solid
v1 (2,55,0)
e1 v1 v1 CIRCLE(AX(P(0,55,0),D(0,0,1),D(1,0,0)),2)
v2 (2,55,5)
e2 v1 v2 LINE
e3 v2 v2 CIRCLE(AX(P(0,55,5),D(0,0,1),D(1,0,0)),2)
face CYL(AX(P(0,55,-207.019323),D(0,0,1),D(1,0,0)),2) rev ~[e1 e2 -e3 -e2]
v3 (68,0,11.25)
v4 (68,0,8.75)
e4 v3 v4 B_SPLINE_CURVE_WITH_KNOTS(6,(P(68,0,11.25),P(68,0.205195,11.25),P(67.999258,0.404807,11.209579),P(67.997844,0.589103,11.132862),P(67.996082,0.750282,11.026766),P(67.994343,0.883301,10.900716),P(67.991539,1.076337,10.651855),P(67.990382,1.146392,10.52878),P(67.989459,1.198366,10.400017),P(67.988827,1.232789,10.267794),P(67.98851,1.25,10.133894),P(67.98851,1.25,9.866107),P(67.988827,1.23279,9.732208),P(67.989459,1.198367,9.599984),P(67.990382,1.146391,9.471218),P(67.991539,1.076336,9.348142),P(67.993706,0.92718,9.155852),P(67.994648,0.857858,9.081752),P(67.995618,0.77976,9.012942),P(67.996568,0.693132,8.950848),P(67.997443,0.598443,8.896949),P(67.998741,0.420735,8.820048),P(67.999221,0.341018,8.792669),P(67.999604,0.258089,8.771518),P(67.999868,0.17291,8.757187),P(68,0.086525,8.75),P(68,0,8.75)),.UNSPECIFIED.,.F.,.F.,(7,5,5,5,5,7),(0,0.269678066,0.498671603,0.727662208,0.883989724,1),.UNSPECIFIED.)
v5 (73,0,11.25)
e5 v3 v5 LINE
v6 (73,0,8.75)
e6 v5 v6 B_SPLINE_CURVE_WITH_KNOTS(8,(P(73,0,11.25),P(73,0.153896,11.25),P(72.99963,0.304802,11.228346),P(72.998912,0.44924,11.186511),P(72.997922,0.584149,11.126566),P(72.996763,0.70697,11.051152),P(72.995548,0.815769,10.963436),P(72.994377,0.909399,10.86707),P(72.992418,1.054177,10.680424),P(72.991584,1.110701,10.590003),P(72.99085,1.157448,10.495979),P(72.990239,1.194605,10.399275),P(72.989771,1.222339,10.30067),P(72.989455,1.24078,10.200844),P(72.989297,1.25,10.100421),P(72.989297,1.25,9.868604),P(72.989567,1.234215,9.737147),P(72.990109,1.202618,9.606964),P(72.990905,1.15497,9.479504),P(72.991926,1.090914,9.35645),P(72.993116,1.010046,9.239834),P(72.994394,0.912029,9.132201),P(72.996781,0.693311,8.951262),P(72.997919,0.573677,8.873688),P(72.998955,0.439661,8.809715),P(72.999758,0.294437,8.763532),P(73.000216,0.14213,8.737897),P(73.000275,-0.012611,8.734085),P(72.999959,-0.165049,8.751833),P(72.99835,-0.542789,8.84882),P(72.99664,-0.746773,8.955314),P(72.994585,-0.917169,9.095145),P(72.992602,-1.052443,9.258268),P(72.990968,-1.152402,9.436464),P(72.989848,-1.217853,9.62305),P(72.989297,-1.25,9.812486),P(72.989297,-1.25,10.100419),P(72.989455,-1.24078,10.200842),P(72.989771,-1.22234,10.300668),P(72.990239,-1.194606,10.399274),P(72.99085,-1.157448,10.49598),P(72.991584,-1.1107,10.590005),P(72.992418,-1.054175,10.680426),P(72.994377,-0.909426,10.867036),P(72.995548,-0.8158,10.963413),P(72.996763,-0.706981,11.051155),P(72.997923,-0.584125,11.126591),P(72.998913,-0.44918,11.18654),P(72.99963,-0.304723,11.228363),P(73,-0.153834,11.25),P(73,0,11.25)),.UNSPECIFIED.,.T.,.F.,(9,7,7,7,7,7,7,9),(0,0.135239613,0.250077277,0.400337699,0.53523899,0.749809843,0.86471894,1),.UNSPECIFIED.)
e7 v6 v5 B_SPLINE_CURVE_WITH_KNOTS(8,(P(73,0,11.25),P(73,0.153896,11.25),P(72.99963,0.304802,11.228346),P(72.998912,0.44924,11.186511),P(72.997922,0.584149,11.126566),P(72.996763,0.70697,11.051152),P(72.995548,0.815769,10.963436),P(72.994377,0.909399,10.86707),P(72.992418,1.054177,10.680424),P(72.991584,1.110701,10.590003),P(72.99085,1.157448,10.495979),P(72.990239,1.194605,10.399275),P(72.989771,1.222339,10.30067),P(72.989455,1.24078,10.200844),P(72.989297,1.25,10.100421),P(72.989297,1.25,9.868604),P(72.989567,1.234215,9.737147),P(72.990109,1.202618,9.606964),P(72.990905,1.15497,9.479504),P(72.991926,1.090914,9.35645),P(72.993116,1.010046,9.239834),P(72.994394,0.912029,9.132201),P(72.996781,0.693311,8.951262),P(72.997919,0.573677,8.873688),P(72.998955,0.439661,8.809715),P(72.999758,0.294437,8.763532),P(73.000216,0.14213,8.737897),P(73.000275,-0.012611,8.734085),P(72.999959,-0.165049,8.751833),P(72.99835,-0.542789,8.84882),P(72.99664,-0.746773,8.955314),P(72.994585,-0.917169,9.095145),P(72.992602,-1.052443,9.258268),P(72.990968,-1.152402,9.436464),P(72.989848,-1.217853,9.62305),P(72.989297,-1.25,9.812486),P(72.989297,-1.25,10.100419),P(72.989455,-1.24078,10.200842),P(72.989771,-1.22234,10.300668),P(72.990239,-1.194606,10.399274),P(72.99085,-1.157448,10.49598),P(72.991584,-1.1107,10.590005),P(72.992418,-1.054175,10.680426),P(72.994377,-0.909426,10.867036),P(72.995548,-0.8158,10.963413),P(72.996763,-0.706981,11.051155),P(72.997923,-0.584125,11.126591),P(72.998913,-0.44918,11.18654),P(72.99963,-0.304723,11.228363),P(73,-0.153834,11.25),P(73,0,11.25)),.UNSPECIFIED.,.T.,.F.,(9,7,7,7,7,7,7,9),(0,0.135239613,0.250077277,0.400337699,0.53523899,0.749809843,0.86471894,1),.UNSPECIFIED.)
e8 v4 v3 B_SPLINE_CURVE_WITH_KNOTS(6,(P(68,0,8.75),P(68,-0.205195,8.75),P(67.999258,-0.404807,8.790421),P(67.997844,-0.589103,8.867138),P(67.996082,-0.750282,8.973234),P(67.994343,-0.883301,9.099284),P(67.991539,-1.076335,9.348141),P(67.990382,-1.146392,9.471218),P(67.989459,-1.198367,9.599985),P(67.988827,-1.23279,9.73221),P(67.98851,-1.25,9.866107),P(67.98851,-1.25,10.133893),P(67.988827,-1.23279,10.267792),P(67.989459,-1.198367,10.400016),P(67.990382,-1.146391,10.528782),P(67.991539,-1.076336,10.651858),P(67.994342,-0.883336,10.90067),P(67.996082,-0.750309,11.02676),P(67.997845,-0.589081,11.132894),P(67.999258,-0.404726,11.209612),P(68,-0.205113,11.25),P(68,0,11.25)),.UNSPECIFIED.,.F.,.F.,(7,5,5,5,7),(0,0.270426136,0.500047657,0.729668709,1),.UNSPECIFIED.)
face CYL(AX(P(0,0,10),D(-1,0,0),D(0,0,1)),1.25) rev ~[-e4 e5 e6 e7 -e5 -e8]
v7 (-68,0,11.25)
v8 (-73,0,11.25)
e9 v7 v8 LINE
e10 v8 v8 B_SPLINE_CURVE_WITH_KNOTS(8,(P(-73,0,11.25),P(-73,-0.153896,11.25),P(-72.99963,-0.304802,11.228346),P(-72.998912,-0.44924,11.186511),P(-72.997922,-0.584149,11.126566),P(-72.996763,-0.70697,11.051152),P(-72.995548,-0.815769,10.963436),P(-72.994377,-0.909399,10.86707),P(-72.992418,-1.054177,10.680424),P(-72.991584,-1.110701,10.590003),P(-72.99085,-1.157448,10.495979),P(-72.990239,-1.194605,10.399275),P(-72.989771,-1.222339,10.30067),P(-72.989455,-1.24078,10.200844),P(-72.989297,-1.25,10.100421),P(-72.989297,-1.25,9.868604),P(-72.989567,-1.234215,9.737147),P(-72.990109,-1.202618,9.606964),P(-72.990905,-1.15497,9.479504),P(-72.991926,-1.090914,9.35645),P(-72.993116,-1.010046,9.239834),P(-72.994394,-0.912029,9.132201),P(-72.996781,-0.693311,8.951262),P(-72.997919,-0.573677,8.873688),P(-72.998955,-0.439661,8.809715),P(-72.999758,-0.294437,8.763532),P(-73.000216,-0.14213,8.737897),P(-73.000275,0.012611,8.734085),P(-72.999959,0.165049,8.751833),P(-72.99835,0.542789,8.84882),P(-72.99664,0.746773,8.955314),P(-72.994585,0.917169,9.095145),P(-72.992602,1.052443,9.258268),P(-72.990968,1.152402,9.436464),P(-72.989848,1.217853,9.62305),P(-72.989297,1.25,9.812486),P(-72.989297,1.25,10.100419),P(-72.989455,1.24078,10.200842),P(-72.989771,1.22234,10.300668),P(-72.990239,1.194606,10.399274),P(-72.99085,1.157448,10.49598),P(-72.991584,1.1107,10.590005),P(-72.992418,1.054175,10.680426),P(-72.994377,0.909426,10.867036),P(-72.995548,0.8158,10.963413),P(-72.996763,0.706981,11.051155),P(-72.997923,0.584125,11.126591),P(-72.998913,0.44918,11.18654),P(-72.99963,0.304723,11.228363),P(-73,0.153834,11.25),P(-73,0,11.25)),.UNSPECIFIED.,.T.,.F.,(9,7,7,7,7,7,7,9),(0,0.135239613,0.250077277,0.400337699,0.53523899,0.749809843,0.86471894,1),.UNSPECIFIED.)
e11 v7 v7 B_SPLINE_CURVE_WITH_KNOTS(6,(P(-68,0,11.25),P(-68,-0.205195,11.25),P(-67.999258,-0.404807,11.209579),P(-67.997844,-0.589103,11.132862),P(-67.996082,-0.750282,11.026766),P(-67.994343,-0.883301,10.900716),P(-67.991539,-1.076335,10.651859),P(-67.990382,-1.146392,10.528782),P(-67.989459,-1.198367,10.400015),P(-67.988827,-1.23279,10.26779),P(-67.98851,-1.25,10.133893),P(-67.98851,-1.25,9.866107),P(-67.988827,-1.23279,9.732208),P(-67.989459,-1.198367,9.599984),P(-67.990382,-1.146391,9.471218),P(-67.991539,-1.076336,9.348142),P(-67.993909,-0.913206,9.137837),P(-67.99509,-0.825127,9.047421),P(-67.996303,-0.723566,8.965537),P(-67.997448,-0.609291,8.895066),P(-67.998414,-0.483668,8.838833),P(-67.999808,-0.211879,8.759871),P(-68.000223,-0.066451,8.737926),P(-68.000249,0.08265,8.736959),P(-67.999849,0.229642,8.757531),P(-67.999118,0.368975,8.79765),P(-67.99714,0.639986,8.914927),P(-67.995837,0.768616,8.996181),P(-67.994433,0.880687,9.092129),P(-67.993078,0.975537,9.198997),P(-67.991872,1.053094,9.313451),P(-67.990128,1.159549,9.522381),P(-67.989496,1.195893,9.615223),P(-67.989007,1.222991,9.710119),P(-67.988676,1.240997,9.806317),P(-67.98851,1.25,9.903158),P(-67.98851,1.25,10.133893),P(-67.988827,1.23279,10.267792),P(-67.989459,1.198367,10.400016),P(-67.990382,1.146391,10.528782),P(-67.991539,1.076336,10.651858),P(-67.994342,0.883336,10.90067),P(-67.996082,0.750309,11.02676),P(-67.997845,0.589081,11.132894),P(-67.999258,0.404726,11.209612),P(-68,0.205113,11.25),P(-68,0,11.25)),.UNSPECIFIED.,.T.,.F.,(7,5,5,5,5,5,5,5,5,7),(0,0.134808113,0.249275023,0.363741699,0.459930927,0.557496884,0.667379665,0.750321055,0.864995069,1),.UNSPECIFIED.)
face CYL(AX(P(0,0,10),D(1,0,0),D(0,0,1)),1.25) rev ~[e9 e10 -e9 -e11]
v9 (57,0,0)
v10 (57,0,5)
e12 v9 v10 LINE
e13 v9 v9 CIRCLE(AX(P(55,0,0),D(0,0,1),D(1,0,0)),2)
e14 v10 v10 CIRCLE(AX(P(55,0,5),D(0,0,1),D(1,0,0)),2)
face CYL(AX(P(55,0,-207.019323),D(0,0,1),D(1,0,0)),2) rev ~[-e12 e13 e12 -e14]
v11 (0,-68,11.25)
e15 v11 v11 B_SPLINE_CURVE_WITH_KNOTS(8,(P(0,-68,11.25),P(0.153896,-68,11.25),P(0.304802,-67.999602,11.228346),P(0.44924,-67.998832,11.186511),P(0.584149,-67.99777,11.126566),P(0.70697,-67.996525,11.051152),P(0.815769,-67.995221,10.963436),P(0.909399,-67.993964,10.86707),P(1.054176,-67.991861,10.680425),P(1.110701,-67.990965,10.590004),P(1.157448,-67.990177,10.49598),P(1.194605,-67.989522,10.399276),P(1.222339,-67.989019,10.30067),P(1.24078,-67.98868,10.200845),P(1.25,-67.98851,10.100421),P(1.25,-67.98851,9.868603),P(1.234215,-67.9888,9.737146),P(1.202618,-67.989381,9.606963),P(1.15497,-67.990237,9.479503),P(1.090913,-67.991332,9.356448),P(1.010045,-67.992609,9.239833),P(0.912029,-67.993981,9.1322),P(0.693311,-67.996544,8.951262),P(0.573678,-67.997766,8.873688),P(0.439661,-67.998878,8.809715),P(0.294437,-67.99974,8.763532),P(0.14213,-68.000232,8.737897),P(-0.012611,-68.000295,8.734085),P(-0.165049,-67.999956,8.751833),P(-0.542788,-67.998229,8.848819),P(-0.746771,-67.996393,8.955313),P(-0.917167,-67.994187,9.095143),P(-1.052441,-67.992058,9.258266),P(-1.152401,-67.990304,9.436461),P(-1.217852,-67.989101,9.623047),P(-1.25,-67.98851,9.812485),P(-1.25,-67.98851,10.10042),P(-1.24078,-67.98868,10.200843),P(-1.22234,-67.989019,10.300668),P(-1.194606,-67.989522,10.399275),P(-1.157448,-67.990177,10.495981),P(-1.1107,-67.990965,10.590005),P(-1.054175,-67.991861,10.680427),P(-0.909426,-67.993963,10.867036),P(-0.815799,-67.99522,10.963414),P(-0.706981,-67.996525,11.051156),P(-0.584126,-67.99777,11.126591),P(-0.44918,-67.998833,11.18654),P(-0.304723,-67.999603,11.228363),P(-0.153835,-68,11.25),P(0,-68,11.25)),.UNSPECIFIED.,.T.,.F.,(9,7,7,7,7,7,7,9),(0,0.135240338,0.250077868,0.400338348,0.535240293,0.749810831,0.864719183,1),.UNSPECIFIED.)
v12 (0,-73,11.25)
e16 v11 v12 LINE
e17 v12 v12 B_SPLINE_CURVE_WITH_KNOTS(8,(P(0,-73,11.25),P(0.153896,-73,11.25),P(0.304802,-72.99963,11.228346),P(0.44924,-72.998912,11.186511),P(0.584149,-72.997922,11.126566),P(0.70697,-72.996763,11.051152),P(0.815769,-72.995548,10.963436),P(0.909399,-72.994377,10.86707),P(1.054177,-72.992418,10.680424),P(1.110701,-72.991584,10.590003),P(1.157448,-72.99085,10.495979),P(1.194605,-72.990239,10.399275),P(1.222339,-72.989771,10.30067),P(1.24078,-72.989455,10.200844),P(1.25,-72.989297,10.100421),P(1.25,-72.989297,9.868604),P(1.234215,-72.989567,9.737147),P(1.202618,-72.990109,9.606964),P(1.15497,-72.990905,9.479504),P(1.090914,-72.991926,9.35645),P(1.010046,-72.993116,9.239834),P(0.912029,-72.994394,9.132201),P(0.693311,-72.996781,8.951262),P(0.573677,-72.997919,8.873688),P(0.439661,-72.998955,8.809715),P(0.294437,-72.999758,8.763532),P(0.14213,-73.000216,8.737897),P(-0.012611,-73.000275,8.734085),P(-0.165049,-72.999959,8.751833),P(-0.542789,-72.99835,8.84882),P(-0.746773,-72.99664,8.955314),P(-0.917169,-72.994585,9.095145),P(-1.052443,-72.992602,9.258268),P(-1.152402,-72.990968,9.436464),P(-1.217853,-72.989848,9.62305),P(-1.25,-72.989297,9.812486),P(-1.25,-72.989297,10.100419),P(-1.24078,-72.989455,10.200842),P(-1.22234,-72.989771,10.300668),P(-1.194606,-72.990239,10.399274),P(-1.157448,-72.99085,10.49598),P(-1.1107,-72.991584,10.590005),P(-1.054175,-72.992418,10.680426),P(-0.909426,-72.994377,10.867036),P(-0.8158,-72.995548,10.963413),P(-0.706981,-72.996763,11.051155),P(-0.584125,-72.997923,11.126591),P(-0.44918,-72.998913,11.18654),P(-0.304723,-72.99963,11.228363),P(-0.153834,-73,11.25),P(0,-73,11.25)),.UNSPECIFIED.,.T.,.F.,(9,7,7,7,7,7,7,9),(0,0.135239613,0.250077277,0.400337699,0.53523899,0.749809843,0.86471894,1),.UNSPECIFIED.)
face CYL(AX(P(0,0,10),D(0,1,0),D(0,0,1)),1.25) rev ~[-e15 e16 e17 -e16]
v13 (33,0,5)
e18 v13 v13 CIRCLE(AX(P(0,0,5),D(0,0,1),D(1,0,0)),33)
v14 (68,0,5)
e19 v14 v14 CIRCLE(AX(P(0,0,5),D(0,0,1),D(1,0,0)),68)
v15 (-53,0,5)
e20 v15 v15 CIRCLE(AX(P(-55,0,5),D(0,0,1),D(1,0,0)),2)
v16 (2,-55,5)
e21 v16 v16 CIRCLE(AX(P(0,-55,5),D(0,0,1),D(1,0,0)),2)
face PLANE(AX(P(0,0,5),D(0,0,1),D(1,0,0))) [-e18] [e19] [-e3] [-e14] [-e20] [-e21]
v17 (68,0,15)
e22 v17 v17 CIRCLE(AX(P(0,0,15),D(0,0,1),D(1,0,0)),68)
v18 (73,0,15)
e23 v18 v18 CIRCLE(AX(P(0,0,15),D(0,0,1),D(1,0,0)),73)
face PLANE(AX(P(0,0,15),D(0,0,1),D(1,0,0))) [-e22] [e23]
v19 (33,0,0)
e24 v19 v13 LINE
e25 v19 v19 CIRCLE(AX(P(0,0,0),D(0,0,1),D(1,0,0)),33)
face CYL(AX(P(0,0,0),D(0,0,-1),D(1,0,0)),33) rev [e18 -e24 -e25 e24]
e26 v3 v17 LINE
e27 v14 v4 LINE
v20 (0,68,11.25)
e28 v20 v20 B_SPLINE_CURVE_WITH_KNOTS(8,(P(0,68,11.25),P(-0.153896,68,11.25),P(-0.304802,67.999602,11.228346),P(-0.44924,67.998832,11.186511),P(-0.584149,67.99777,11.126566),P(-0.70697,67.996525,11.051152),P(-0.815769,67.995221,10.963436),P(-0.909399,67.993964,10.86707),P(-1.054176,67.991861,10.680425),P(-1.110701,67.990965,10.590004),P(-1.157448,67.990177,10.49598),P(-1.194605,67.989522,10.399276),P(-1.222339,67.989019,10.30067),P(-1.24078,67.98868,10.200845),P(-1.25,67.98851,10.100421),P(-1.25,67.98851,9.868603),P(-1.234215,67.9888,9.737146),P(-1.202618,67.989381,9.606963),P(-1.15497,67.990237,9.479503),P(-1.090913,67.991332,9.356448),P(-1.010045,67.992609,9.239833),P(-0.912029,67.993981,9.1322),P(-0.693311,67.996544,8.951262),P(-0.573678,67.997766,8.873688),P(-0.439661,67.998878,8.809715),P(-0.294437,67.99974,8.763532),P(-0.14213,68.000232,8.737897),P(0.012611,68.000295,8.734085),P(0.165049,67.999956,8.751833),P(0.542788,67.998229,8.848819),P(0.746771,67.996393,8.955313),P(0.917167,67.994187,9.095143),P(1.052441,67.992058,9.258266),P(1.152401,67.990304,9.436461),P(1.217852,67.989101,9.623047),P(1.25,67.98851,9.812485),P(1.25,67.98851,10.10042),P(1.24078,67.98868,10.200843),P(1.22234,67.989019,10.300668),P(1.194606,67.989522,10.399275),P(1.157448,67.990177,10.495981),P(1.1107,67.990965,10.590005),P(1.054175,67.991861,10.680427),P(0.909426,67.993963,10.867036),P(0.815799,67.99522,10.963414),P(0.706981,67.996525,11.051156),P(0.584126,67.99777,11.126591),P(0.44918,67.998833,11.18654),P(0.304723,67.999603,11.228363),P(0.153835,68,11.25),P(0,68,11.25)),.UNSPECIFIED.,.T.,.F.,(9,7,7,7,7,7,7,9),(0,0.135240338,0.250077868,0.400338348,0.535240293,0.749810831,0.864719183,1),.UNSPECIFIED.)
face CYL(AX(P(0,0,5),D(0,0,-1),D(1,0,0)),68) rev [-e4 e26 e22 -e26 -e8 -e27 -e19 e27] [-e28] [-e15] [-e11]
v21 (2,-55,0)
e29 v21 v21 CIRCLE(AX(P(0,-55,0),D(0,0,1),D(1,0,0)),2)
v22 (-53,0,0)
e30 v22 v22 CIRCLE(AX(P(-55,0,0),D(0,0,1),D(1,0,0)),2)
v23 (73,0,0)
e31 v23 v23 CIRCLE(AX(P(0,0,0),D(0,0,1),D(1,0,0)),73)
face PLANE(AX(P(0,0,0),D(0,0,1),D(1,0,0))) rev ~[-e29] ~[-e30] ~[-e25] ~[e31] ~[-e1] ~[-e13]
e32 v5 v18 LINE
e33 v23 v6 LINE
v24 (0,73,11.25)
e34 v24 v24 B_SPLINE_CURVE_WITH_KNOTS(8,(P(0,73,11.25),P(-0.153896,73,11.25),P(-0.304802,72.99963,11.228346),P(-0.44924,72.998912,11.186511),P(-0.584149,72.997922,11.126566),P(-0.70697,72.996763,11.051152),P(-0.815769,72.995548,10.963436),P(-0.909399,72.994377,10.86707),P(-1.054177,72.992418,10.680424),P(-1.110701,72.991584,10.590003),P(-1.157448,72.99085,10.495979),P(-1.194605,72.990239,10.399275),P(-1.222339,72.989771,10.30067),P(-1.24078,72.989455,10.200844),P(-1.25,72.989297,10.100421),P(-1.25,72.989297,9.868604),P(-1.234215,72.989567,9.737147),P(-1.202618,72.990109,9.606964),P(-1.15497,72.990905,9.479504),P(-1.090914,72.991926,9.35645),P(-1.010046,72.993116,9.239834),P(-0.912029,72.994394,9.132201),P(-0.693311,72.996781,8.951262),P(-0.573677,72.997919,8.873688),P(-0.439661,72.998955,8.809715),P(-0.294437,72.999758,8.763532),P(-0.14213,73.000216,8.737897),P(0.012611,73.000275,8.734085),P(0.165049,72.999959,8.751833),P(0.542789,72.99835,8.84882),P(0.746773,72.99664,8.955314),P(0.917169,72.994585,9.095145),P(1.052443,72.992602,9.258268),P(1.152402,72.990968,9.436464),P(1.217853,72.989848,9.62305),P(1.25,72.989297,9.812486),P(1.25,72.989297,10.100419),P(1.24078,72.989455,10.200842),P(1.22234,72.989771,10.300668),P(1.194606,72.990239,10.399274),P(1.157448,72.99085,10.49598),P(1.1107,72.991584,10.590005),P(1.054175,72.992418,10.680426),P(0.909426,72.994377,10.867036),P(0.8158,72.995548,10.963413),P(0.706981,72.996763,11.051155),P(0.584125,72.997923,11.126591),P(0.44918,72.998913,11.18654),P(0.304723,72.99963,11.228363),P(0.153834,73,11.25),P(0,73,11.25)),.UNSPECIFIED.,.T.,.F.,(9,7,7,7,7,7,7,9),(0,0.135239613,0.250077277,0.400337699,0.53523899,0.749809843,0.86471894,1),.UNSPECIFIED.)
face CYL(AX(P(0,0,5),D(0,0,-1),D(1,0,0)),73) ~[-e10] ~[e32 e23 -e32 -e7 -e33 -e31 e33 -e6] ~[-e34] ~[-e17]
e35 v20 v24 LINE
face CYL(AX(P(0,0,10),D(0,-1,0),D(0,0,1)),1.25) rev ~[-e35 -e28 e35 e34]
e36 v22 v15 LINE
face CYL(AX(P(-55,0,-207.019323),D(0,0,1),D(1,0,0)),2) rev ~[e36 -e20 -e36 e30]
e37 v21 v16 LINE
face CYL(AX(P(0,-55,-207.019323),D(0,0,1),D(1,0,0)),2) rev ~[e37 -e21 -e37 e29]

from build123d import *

# Parameters (mm, degrees)
SKETCH1_R               = 73
SKETCH1_R_2             = 33
BOSS_EXTRUDE1_DEPTH     = 5
SKETCH2_R               = 73
SKETCH2_R_2             = 68
BOSS_EXTRUDE2_DEPTH     = 10
CUT_EXTRUDE1_REACH      = 106.322
CUT_EXTRUDE1_END_RADIUS = 73
SKETCH3_R               = 1.25
CIRPATTERN1_COUNT       = 4
F_4_0MM_DOWEL_HOLE1_D   = 4


with BuildPart() as part:
    # Sketch1 → Boss-Extrude1 (new body)
    with BuildSketch(Plane.XY):
        Circle(SKETCH1_R)
        Circle(SKETCH1_R_2, mode=Mode.SUBTRACT)
    extrude(amount=BOSS_EXTRUDE1_DEPTH)

    # Sketch2 → Boss-Extrude2 (add)
    with BuildSketch(Plane.XY.offset(5)):
        Circle(SKETCH2_R)
        Circle(SKETCH2_R_2, mode=Mode.SUBTRACT)
    extrude(amount=BOSS_EXTRUDE2_DEPTH)

    # Cut-Extrude1: up to this cylinder (the profile starts inside it)
    cut_extrude1_end = Plane(origin=(0, 0, 10), z_dir=(0, 0, -1)) * Cylinder(CUT_EXTRUDE1_END_RADIUS, 359.644, mode=Mode.PRIVATE)
    # Sketch3 → Cut-Extrude1 (cut, up to the surface)
    with BuildSketch(Plane(origin=(0, 0, 0), x_dir=(1, 0, 0), z_dir=(0, 1, 0)), mode=Mode.PRIVATE) as cut_extrude1_sk1:
        with Locations(Location((0, -10, 0), (0, 0, 270))):
            Circle(SKETCH3_R)
    cut_extrude1_tool1 = extrude(cut_extrude1_sk1.sketch, amount=-CUT_EXTRUDE1_REACH, mode=Mode.PRIVATE) & cut_extrude1_end
    cut_extrude1 = cut_extrude1_tool1.solids().sort_by_distance((0, 0, 10))[0]
    add(cut_extrude1, mode=Mode.SUBTRACT)

    # CirPattern1: Cut-Extrude1 ×4 about axis
    cirpattern1_axis = Axis((0, 0, 5), (0, 0, -1))
    for i in range(1, CIRPATTERN1_COUNT):
        add(cut_extrude1.rotate(cirpattern1_axis, i * 360 / CIRPATTERN1_COUNT), mode=Mode.SUBTRACT)

    # Ø4.0mm Dowel Hole1 (through all)
    with Locations(Plane(origin=(0, 0, 0), x_dir=(-1, 0, 0), z_dir=(0, 0, -1))):
        with Locations((0, 55), (55, 0), (0, -55), (-55, 0)):
            Hole(F_4_0MM_DOWEL_HOLE1_D / 2)


solid = part.part
